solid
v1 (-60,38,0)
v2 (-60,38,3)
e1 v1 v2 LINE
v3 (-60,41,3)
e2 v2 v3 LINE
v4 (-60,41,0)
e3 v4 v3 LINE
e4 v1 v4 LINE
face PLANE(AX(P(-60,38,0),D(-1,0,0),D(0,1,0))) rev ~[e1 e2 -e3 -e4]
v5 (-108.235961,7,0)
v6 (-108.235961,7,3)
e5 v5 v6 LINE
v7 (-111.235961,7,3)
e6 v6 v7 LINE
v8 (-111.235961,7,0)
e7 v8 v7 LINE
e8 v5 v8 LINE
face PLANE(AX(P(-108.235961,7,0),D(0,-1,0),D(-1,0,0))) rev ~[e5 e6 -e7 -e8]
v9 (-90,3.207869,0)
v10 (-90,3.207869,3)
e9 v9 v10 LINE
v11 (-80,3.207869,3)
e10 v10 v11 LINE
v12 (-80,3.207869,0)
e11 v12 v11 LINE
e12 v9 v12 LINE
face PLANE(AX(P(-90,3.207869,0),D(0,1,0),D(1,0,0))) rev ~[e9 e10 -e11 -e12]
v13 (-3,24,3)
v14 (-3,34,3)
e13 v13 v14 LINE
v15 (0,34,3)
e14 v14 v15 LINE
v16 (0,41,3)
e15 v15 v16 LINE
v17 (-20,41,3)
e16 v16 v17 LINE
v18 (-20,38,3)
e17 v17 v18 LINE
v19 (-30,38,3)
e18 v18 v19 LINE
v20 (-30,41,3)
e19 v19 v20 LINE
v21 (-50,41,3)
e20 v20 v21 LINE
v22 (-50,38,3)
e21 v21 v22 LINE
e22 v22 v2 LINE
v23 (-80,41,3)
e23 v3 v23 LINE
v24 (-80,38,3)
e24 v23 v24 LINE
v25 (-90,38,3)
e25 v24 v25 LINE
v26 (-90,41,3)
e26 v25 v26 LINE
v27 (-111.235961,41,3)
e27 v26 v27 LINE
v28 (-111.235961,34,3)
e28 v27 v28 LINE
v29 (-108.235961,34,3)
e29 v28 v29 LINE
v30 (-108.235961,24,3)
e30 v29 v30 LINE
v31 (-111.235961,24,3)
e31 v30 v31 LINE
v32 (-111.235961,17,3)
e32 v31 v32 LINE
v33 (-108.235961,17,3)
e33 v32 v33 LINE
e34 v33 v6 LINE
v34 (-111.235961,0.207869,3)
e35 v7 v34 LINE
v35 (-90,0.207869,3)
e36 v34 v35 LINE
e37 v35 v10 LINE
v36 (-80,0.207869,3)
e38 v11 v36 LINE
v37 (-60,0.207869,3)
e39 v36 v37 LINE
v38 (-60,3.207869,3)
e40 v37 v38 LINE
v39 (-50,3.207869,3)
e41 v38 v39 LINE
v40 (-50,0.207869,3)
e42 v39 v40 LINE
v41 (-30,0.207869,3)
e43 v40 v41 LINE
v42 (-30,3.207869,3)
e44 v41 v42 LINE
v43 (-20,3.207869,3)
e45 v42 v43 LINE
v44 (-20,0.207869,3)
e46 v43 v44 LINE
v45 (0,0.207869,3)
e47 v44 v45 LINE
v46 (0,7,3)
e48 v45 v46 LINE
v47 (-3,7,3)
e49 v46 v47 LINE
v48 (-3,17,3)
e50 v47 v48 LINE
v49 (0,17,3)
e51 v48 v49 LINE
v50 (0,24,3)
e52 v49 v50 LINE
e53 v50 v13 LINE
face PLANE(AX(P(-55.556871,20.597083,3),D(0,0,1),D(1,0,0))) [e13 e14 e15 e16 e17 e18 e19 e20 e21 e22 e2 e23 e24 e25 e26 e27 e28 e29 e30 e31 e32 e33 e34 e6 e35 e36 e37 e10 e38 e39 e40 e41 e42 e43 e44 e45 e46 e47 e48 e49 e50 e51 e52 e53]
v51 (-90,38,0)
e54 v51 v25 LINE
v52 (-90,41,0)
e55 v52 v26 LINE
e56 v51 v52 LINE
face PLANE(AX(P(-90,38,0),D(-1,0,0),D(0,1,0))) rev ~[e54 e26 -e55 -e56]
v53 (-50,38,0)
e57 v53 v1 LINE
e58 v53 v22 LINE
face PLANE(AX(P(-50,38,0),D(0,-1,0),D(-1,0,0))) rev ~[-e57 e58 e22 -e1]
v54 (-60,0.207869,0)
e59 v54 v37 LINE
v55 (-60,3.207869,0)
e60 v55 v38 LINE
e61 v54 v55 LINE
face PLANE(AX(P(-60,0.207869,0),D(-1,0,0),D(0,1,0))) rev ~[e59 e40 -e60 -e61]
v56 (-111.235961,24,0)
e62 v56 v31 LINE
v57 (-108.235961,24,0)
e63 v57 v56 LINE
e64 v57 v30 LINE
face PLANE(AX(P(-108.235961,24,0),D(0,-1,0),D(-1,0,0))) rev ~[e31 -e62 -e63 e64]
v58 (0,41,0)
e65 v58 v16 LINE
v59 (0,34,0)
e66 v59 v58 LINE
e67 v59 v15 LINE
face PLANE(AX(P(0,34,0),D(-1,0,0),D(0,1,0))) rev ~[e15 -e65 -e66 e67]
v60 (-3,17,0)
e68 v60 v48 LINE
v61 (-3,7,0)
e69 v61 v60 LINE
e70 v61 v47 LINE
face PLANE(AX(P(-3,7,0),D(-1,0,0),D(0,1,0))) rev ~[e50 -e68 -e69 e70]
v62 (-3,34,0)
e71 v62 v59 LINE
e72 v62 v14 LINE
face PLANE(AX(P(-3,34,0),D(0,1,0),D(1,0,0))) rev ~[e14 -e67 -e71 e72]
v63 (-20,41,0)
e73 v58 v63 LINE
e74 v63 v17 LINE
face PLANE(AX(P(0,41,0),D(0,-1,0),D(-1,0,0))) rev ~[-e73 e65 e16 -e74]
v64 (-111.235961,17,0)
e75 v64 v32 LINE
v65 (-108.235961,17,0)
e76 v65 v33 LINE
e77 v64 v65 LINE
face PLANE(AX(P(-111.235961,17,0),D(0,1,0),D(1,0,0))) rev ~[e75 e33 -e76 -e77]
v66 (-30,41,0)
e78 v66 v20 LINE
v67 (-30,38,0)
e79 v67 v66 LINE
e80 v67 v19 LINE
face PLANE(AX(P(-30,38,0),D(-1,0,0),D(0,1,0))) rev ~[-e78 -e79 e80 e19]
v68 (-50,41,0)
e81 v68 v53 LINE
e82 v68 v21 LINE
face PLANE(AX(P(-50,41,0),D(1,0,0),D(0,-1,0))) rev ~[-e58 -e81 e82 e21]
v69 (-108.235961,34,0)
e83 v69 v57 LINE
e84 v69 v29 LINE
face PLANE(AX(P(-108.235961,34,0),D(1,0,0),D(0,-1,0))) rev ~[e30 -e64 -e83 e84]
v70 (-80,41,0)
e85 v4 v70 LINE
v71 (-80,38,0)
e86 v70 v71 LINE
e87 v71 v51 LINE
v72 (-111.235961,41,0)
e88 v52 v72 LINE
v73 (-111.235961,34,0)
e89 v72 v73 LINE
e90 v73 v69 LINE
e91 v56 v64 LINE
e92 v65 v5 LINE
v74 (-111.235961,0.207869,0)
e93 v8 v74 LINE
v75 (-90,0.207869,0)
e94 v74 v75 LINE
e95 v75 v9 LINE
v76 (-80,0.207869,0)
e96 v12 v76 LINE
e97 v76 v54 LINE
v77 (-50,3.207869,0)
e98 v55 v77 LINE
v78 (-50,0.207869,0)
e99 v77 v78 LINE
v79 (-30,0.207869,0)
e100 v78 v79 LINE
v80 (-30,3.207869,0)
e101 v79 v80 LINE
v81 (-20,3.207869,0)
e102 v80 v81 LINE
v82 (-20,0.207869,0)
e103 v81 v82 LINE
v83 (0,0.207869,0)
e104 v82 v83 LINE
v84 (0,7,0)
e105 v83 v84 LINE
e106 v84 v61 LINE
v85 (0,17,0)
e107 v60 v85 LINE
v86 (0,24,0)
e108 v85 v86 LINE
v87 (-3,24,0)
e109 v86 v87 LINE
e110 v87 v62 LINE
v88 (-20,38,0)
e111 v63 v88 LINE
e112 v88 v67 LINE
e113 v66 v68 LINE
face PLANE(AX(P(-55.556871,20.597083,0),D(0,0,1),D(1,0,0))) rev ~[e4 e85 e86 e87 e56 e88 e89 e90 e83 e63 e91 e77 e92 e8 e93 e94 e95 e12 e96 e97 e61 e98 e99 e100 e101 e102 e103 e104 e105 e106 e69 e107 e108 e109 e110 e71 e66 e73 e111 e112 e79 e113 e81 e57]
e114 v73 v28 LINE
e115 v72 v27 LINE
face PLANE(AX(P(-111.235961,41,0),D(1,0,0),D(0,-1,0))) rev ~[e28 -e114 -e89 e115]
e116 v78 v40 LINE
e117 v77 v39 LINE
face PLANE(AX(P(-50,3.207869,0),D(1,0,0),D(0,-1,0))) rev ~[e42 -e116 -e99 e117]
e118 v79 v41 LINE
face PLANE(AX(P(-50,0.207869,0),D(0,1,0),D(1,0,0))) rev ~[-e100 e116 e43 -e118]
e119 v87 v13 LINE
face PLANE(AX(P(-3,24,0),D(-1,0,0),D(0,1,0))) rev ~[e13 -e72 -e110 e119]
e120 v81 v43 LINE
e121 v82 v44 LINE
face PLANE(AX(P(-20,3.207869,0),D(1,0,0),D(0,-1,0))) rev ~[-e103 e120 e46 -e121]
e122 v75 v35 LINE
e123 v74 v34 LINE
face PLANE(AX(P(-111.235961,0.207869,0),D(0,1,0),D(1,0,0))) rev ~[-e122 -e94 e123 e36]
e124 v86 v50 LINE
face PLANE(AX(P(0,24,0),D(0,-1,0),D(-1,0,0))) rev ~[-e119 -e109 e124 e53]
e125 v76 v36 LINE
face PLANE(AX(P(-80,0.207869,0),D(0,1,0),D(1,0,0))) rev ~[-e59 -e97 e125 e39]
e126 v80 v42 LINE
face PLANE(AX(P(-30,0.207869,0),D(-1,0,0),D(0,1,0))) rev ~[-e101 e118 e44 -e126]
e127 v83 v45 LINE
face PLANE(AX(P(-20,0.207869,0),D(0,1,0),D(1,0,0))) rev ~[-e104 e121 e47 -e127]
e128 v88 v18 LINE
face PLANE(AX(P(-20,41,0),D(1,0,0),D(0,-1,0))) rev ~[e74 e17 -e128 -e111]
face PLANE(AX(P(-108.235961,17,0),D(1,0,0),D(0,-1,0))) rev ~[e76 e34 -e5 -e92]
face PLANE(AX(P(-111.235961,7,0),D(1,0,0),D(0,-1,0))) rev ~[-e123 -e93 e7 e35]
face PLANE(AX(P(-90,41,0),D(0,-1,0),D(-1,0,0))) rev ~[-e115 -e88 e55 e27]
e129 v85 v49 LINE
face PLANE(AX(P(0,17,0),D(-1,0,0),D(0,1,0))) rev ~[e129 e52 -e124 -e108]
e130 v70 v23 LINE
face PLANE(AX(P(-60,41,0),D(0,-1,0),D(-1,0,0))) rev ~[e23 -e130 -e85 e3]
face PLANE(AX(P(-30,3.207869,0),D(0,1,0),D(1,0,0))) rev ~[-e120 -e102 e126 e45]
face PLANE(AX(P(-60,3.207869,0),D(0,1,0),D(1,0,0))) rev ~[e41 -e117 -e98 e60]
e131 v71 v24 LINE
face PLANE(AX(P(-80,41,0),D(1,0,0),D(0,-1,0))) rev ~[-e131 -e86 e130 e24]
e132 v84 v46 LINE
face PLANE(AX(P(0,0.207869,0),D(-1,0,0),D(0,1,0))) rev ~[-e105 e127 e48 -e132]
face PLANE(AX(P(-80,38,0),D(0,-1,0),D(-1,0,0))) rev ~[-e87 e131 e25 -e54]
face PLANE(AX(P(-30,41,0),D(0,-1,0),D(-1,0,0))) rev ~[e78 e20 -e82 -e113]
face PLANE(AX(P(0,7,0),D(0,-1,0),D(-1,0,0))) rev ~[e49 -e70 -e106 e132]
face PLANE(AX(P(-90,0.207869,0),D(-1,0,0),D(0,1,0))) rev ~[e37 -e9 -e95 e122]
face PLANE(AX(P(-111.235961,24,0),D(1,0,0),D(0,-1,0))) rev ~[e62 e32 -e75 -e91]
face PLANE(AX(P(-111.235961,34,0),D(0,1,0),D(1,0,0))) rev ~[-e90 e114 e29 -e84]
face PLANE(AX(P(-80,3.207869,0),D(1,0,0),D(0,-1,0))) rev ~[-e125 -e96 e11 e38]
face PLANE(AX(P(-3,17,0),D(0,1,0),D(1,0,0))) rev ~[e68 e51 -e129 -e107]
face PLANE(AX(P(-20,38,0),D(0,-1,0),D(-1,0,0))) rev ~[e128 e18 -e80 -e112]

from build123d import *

# Parameters (mm, degrees)
F1_DEPTH = 3


with BuildPart() as f1:
    # F0 (on Top) → F1 (new body)
    with BuildSketch(Plane.XY):
        Polygon((-20, 0.207869), (0, 0.207869), (0, 7), (-3, 7), (-3, 17), (0, 17), (0, 24), (-3, 24), (-3, 34), (0, 34), (0, 41), (-20, 41), (-20, 38), (-30, 38), (-30, 41), (-50, 41), (-50, 38), (-60, 38), (-60, 41), (-80, 41), (-80, 38), (-90, 38), (-90, 41), (-110, 41), (-111.235961, 41), (-111.235961, 34), (-108.235961, 34), (-108.235961, 24), (-111.235961, 24), (-111.235961, 17), (-108.235961, 17), (-108.235961, 7), (-111.235961, 7), (-111.235961, 0.207869), (-110, 0.207869), (-90, 0.207869), (-90, 3.207869), (-80, 3.207869), (-80, 0.207869), (-60, 0.207869), (-60, 3.207869), (-50, 3.207869), (-50, 0.207869), (-30, 0.207869), (-30, 3.207869), (-20, 3.207869), align=None)
    extrude(amount=F1_DEPTH)


solid = f1.part
